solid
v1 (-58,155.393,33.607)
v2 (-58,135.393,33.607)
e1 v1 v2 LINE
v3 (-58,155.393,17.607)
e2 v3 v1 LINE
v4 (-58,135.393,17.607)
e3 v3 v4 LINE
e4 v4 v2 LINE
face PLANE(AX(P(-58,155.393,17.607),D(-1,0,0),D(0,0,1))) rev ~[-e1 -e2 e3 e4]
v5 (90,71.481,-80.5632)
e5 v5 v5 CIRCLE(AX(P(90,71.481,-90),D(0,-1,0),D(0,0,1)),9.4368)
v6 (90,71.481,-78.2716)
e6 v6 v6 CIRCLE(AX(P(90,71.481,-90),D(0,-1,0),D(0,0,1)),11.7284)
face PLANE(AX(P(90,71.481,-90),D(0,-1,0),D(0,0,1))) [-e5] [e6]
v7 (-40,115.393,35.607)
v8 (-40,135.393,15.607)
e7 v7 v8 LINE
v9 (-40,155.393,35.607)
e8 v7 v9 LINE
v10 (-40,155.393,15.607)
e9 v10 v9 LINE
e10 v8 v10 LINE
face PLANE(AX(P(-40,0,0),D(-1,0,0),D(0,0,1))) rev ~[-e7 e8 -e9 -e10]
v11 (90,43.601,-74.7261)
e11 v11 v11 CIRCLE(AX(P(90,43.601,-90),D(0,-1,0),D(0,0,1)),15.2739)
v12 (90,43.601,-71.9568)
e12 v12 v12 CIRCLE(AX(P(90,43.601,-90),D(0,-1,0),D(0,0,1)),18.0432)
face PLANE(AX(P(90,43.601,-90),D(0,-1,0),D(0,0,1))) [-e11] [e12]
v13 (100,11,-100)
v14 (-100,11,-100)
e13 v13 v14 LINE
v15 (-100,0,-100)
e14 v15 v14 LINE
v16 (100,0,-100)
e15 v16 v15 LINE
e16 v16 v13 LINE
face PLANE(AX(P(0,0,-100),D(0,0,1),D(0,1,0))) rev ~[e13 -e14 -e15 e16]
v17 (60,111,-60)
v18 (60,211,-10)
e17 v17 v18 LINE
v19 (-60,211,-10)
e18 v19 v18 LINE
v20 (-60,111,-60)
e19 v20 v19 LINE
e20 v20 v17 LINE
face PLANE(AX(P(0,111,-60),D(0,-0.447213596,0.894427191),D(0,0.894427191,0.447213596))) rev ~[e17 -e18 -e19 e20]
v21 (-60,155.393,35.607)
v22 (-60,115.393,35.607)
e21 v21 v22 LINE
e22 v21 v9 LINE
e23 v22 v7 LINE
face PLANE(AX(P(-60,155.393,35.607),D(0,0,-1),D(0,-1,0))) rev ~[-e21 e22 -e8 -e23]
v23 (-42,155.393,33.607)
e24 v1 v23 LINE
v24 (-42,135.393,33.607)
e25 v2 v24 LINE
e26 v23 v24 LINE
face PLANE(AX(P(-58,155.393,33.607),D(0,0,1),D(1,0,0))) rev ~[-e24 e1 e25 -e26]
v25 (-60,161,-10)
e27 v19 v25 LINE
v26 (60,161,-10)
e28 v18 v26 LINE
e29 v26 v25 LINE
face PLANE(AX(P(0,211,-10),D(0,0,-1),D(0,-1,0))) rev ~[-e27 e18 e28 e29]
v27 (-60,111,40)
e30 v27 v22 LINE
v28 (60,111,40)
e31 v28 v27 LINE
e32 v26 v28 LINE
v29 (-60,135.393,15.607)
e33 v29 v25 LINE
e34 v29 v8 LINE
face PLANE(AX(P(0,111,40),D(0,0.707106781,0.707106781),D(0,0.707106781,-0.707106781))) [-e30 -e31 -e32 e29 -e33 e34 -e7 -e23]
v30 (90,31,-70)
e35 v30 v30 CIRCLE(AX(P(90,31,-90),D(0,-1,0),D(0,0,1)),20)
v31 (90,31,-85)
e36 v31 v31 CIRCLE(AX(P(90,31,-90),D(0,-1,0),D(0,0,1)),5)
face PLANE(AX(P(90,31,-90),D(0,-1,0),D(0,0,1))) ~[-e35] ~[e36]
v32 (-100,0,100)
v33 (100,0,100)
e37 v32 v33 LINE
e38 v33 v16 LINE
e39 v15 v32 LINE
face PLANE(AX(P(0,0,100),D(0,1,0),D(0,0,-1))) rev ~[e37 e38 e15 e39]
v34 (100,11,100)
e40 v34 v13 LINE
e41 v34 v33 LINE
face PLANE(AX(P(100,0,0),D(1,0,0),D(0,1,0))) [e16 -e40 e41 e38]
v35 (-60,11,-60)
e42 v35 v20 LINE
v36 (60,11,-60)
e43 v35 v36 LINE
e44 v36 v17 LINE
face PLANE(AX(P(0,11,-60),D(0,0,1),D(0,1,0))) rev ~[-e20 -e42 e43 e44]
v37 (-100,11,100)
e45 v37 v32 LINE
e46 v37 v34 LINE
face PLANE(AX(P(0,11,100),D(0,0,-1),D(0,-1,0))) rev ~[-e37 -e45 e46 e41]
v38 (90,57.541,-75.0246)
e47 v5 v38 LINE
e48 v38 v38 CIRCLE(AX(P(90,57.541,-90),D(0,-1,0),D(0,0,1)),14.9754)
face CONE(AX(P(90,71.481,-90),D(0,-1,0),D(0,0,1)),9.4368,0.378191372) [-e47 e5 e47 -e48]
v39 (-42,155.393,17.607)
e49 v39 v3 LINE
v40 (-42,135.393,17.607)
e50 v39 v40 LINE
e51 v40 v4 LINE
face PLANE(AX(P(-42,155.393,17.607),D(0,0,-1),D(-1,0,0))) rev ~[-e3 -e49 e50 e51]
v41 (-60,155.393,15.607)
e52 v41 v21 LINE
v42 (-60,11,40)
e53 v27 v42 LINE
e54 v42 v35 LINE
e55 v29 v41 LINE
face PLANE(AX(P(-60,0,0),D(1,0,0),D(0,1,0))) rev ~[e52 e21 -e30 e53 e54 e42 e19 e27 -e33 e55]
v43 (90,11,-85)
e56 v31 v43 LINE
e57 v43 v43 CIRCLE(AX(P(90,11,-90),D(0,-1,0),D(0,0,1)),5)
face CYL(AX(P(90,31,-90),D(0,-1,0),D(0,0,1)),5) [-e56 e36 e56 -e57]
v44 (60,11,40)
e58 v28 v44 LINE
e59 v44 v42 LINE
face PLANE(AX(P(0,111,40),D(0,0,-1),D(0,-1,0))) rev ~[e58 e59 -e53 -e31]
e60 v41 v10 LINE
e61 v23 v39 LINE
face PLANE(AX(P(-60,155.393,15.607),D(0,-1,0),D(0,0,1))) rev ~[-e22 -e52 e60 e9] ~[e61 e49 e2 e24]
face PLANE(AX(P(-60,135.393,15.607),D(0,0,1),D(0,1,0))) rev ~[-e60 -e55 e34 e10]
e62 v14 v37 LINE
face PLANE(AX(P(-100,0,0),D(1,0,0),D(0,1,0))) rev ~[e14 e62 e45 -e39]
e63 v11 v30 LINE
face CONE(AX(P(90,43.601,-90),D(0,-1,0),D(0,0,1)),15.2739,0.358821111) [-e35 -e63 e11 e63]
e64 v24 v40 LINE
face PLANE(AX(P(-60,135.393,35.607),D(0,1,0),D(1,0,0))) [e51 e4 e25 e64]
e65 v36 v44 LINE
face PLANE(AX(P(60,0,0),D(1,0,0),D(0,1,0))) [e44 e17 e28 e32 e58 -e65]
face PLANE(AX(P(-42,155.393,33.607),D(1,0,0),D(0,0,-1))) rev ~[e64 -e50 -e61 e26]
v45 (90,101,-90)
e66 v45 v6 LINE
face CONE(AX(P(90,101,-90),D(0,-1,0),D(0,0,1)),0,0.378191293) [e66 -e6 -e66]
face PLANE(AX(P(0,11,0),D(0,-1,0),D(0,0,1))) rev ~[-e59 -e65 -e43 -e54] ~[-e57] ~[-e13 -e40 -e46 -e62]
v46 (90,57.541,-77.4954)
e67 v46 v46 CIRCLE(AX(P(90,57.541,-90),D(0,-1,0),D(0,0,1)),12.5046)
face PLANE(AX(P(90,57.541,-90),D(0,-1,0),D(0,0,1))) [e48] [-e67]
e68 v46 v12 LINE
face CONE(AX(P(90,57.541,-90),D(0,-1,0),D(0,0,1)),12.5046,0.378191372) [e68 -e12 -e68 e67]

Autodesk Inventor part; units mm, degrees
sketch "Sketch1" plane through (0, 0, 0) normal (1, 0, 0) x (0, 1, 0)
  line L0 (11, 100) -> (0, 100)
  line L1 (0, 100) -> (0, -100)
  line L2 (0, -100) -> (11, -100)
  line L3 (11, -100) -> (11, 100)
  line L4 (-2.2, 0) -> (13.2, 0) projected
  line L5 (0, 140) -> (0, -140) projected
  point P0 (0, 0)
  point P1 (11, 0)
  dimension "d0" = 200
  dimension "d1" = 11
  dimension "d2" = 0
extrude "Extrusion1" add sketch "Sketch1" along normal mid plane 200
sketch "Sketch2" plane through (0, 0, 0) normal (1, 0, 0) x (0, 1, 0)
  line L0 (111, 40) -> (11, 40)
  line L1 (11, 40) -> (11, -60)
  line L2 (11, -60) -> (111, -60)
  line L3 (111, -60) -> (111, 40)
  line L4 (-32.1032, 0) -> (192.619, 0) projected
  line L5 (11, -100) -> (11, 100) projected
  line L6 (111, 40) -> (161, 40)
  line L7 (161, 40) -> (161, -10)
  line L8 (161, -10) -> (111, -10)
  line L9 (111, -10) -> (111, 40)
  line L10 (111, -60) -> (211, -60)
  line L11 (211, -60) -> (211, -10)
  line L12 (211, -10) -> (111, -10)
  line L13 (111, -10) -> (111, -60)
  line L14 (111, 40) -> (161, -10)
  line L15 (111, -60) -> (211, -10)
  point P0 (0, 0)
  dimension "d5" = 100
  dimension "d6" = 40
  dimension "d7" = 100
  dimension "d8" = 0
  dimension "d9" = 50
  dimension "d10" = 50
  dimension "d11" = 100
  dimension "d12" = 50
extrude "Extrusion2" add sketch "Sketch2" along normal mid plane 120 contours L3 L4 L1 L0 | L14 L4 L3 | L4 L14 L8 L3 | L3 L2 L1 L4 | L8 L12 L15 L3
sketch "Sketch3" plane through (-60, 0, 0) normal (-1, 0, 0) x (0, 0, 1)
  line L0 (15.607, 155.393) -> (35.607, 155.393)
  line L1 (35.607, 155.393) -> (35.607, 135.393)
  line L2 (35.607, 135.393) -> (15.607, 135.393)
  line L3 (15.607, 135.393) -> (15.607, 155.393)
  line L4 (40, 111) -> (-10, 161) projected
  line L5 (35.607, 135.393) -> (35.607, 115.393)
  line L6 (-10, 161) -> (40, 111) projected
  line L7 (15.607, 135.393) -> (35.607, 115.393)
  point P0 (0, 0)
  dimension "d15" = 20
  dimension "d16" = 20
  dimension "d17" = 4.393
extrude "Extrusion3" add sketch "Sketch3" against normal blind 20
sketch "Sketch4" plane through (-60, 155.393, 35.607) normal (0, 1, 0) x (1, 0, 0)
  line L0 (20, 20) -> (20, 0) projected
  line L1 (0, 20) -> (20, 20) projected
  line L2 (0, 0) -> (0, 20) projected
  line L3 (0, 0) -> (20, 0) projected
  line L4 (18, 2) -> (18, 18)
  line L5 (18, 18) -> (2, 18)
  line L6 (2, 18) -> (2, 2)
  line L7 (2, 2) -> (18, 2)
  point P0 (60, 35.607)
  dimension "d20" = 2
extrude "Extrusion4" cut sketch "Sketch4" against normal blind 20 contours L7 L6 L5 L4
sketch "Sketch5" plane through (-100, 11, 100) normal (0, 1, 0) x (1, 0, 0)
  line L0 (200, 200) -> (200, 0) projected
  line L1 (0, 200) -> (200, 200) projected
  point P0 (100, 100)
  point P1 (190, 190)
  dimension "d23" = 10
  dimension "d24" = 10
ref_plane "Work Plane1" through (90, 11, -90) normal (1, 0, 0) x (0, 1, 0)
sketch "Sketch7" plane through (90, 11, -90) normal (1, 0, 0) x (0, 1, 0)
  line L0 (0, -10) -> (0, 190) projected
  line L1 (0, 0) -> (20, 0)
  line L2 (20, 0) -> (20, 5)
  line L3 (20, 5) -> (0, 5)
  line L4 (0, 5) -> (0, 0)
  line L5 (20, 0) -> (20, 20)
  line L6 (90, 0) -> (60.481, 11.7284)
  line L7 (60.481, 11.7284) -> (60.481, 5)
  line L8 (60.481, 9.4368) -> (46.541, 14.9754)
  line L9 (46.541, 14.9754) -> (46.541, 5)
  line L10 (46.541, 12.5046) -> (32.601, 18.0432)
  line L11 (32.601, 18.0432) -> (32.601, 5)
  line L12 (32.601, 15.2739) -> (20, 20)
  line L13 (90, 0) -> (20, 0)
  point P0 (-11, 90)
  dimension "d25" = 20
  dimension "d26" = 5
  dimension "d27" = 20
  dimension "d28" = 15
  dimension "d29" = 15
revolve "Revolution1" add sketch "Sketch7" angle 360 about axis through (90, 101, -90) along (0, -1, 0)
properties part number "House_Assembly_Depth_Tracking"
